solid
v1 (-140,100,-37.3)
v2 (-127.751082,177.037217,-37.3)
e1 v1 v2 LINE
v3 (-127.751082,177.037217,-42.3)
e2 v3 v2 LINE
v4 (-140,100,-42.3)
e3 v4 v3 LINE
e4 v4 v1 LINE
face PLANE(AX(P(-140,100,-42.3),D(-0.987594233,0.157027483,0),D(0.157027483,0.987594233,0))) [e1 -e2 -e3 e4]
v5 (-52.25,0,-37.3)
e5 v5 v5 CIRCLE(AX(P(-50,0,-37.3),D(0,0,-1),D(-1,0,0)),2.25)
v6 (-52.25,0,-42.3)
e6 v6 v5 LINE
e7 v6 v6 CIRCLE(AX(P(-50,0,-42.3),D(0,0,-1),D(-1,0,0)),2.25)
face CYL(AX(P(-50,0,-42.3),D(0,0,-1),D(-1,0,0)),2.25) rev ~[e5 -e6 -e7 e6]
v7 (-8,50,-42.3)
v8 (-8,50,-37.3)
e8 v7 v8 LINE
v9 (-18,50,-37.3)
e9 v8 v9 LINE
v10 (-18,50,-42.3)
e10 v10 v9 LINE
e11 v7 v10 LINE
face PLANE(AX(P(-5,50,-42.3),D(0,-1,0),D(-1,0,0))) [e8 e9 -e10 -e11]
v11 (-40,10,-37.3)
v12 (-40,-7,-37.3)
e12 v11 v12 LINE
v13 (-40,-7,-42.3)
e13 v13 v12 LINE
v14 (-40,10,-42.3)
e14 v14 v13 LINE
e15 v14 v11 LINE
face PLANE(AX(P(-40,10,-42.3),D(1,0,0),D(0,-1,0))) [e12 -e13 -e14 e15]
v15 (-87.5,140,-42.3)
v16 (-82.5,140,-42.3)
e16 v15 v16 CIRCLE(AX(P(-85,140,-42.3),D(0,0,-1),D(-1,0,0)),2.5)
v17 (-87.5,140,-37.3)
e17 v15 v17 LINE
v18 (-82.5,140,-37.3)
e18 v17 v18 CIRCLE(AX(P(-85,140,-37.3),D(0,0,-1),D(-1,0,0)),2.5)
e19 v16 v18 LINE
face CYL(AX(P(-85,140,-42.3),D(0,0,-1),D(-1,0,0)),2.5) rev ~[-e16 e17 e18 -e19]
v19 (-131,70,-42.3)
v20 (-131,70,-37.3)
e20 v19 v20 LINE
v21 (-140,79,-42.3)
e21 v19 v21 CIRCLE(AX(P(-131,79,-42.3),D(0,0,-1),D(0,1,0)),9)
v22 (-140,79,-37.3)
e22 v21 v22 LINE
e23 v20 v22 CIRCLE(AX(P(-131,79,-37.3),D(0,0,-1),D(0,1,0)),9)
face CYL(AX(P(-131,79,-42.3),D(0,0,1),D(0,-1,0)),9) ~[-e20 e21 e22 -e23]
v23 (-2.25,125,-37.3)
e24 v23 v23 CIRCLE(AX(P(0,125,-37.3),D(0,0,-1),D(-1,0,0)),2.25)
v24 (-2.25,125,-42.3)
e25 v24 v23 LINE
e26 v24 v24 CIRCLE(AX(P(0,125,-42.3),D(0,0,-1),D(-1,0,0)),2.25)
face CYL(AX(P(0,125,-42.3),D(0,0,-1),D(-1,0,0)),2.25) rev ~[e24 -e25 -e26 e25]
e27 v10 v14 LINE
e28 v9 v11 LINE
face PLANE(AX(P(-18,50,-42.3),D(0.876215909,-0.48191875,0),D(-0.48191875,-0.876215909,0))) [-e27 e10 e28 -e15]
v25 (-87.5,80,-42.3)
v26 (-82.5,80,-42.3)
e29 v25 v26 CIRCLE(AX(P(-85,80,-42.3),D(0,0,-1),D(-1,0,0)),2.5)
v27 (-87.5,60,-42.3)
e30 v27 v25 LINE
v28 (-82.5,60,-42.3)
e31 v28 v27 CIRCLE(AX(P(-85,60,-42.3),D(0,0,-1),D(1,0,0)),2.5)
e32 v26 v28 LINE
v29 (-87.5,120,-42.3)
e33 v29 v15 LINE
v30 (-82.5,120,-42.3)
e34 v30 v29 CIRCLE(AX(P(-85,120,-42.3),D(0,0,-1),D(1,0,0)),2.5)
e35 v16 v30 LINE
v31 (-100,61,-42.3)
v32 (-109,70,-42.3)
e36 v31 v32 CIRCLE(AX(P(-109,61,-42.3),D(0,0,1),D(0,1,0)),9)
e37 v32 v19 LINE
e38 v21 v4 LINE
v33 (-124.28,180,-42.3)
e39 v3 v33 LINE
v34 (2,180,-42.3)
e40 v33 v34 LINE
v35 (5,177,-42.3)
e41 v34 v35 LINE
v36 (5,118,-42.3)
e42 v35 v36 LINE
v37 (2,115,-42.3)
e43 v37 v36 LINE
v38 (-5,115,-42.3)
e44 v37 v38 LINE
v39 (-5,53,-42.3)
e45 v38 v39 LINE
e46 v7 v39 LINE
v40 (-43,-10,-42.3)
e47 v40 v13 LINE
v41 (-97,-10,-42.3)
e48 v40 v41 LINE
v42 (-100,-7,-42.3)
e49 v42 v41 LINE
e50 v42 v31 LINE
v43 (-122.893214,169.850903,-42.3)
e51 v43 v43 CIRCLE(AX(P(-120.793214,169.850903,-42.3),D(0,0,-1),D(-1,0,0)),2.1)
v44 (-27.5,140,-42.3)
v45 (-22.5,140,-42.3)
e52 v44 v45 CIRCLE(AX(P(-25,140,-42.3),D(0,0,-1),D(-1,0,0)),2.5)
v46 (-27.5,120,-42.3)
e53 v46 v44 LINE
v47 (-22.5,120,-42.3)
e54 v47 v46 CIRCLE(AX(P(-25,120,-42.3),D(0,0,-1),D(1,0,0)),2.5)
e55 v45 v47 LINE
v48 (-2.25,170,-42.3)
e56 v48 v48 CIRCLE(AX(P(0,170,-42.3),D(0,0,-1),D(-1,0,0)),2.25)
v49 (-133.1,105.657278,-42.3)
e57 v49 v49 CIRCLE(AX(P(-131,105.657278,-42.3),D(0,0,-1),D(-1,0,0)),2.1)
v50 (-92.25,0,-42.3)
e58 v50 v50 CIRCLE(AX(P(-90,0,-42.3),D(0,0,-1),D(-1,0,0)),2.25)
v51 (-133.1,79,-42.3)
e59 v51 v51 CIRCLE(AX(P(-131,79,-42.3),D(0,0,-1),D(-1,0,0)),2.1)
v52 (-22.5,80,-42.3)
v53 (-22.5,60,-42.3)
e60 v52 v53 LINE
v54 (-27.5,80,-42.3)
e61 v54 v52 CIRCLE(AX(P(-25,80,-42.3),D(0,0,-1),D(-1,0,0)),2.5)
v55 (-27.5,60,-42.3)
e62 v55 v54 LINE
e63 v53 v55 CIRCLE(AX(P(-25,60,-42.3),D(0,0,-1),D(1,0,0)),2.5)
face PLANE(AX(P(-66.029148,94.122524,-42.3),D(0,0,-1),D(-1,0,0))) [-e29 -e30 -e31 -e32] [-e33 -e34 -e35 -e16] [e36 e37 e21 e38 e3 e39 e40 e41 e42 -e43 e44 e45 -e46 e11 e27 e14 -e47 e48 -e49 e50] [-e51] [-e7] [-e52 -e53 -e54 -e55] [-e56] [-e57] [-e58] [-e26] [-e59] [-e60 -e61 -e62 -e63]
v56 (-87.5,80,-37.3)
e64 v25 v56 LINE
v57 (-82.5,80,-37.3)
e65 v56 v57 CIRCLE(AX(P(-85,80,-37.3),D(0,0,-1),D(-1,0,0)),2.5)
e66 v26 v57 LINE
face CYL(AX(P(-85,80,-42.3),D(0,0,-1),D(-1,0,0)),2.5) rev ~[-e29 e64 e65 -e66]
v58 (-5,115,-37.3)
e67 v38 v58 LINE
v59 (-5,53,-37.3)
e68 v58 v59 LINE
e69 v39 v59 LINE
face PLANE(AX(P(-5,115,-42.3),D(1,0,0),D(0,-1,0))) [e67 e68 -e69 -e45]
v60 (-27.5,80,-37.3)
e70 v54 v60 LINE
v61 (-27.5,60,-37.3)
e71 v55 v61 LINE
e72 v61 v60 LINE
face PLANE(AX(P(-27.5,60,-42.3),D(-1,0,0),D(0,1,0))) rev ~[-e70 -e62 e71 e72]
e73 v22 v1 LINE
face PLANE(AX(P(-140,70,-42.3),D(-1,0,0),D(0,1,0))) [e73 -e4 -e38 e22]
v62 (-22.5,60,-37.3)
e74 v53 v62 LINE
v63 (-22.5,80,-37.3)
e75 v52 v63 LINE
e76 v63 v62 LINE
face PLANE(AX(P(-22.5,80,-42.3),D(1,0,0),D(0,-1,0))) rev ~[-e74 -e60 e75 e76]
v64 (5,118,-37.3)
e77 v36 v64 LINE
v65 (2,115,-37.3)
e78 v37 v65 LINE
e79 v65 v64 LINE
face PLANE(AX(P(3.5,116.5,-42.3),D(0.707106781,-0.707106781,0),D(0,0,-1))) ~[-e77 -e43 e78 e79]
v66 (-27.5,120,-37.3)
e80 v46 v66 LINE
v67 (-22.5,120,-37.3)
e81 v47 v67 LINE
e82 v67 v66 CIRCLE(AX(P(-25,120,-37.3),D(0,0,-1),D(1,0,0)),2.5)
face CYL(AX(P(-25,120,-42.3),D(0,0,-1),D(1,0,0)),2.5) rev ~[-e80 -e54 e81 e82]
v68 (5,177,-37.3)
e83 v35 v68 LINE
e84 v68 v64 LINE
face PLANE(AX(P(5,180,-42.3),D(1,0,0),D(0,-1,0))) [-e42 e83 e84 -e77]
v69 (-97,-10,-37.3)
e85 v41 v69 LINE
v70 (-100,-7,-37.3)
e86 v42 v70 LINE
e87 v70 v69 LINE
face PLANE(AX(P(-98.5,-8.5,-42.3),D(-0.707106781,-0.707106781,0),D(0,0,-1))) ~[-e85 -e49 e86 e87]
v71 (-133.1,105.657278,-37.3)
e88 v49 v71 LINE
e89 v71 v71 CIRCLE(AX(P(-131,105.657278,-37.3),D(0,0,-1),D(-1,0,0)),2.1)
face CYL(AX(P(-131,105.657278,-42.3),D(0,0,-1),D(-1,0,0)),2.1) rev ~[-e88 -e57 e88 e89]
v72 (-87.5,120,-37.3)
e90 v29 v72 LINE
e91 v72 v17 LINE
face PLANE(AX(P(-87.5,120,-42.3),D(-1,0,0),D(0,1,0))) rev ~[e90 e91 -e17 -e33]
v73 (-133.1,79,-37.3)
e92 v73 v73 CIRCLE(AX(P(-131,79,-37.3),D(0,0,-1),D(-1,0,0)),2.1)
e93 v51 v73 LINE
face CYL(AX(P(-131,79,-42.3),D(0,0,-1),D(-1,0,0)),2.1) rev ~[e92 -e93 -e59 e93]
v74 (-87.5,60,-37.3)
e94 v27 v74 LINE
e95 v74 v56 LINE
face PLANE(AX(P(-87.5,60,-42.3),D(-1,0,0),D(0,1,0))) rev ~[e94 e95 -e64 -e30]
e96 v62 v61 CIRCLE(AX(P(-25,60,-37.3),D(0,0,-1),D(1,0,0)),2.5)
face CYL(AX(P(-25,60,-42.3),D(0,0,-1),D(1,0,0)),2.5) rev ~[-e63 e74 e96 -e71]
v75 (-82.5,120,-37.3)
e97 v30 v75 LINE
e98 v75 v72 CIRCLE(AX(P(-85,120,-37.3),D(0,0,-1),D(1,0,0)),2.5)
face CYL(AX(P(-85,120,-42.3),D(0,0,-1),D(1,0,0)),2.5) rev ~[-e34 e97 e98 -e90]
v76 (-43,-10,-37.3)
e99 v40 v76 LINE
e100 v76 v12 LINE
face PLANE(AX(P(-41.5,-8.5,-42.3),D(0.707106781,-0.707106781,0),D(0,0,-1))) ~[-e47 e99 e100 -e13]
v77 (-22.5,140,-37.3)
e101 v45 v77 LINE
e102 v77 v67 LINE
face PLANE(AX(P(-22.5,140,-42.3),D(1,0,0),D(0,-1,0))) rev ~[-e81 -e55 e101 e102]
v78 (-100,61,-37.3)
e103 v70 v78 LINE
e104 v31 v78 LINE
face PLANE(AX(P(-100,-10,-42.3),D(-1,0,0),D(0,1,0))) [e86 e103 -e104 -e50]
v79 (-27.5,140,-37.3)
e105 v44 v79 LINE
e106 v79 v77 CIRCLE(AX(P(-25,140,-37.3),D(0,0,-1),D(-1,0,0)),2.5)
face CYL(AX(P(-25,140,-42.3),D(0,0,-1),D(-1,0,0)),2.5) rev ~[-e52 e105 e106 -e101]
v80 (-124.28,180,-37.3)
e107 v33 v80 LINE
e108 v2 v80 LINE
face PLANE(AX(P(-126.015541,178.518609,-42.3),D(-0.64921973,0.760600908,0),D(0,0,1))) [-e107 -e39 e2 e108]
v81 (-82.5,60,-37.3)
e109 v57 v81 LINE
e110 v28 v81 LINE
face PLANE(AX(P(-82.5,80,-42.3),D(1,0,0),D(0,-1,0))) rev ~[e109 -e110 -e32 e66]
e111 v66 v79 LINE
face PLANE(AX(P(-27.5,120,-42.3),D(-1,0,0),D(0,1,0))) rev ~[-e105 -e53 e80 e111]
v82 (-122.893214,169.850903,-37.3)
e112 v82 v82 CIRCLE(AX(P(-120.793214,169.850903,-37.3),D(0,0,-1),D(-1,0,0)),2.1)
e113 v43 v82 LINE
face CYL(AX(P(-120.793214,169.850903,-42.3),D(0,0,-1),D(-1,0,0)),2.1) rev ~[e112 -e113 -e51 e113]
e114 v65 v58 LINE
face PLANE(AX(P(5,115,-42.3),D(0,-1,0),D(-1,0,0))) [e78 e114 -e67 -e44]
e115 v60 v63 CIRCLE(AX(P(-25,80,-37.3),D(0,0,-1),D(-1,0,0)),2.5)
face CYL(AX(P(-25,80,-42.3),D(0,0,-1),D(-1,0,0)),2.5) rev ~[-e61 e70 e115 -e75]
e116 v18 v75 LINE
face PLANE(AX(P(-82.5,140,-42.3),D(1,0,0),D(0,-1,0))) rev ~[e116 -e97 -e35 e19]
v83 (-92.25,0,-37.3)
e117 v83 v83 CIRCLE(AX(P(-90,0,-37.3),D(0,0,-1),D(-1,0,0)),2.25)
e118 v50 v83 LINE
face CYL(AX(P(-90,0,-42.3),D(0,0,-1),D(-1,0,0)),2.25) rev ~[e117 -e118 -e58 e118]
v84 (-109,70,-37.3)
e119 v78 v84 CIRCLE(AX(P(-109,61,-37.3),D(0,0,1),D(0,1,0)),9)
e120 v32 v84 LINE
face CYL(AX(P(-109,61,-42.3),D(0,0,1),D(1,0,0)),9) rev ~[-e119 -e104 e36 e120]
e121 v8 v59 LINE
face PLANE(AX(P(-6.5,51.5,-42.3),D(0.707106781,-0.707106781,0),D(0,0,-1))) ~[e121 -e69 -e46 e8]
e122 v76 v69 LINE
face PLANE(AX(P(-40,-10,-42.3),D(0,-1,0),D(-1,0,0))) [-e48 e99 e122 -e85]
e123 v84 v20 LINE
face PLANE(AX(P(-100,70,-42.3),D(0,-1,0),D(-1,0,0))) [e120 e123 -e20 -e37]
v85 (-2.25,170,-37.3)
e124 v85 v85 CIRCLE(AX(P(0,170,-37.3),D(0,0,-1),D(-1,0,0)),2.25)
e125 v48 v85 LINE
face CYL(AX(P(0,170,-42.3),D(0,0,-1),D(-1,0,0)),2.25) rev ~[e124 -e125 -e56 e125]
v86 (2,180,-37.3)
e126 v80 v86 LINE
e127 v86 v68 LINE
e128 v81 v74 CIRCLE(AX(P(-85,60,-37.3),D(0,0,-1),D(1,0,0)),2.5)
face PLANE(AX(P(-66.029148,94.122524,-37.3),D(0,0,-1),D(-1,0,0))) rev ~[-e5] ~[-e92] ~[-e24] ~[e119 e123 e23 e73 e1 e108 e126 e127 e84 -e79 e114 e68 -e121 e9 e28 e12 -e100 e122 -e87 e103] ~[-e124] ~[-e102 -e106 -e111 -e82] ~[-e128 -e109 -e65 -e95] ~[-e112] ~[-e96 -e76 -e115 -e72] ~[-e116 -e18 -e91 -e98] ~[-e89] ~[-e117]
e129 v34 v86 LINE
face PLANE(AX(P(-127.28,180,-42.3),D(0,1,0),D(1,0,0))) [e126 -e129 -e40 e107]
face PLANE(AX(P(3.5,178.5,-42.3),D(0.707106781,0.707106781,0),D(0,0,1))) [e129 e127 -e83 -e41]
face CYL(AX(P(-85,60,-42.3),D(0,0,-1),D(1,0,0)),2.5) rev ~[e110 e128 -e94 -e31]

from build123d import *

# Parameters (mm, degrees)
SKETCH039_R             = 2.25
PAD020_DEPTH            = 5
FILLET008_R             = 9
CHAMFER018_SIZE         = 3
SKETCH047_R             = 2.1
POCKET026_DEPTH         = 5.001
BODY013_PLACEMENT_ANGLE = 180


with BuildPart() as part:
    # Sketch039 → Pad020 (new body)
    with BuildSketch(Plane.XY):
        Polygon((100, -10), (100, 70), (140, 70), (140, 100), (127.28, 180), (-5, 180), (-5, 115), (5, 115), (5, 50), (18, 50), (40, 10), (40, -10), align=None)
        with Locations((90, 0)):
            Circle(SKETCH039_R, mode=Mode.SUBTRACT)
        with Locations((50, 0)):
            Circle(SKETCH039_R, mode=Mode.SUBTRACT)
        with Locations((0, 125)):
            Circle(SKETCH039_R, mode=Mode.SUBTRACT)
        with Locations((0, 170)):
            Circle(SKETCH039_R, mode=Mode.SUBTRACT)
    extrude(amount=-PAD020_DEPTH)

    # Fillet008
    fillet008_edges = [part.edges().sort_by_distance(p)[0] for p in [
        (100, 70, -2.5),
        (140, 70, -2.5),
    ]]
    fillet(fillet008_edges, radius=FILLET008_R)

    # Chamfer018
    chamfer018_edges = [part.edges().sort_by_distance(p)[0] for p in [
        (-5, 115, -2.5),
        (5, 50, -2.5),
        (-5, 180, -2.5),
        (127.28, 180, -2.5),
        (100, -10, -2.5),
        (40, -10, -2.5),
    ]]
    chamfer(chamfer018_edges, length=CHAMFER018_SIZE)

    # Sketch047 (on Face2 of Chamfer018) → Pocket026 (cut, through all)
    with BuildSketch(Plane.XY):
        with Locations((120.793214, 169.850903)):
            Circle(SKETCH047_R)
        with Locations((131, 79)):
            Circle(SKETCH047_R)
        with Locations((131, 105.657278)):
            Circle(SKETCH047_R)
        with BuildLine():
            ThreePointArc((27.5, 80), (25, 82.5), (22.5, 80))
            Line((22.5, 80), (22.5, 60))
            ThreePointArc((22.5, 60), (25, 57.5), (27.5, 60))
            Line((27.5, 60), (27.5, 80))
        make_face()
        with BuildLine():
            ThreePointArc((87.5, 80), (85, 82.5), (82.5, 80))
            Line((82.5, 80), (82.5, 60))
            ThreePointArc((82.5, 60), (85, 57.5), (87.5, 60))
            Line((87.5, 60), (87.5, 80))
        make_face()
        with BuildLine():
            ThreePointArc((27.5, 140), (25, 142.5), (22.5, 140))
            Line((22.5, 140), (22.5, 120))
            ThreePointArc((22.5, 120), (25, 117.5), (27.5, 120))
            Line((27.5, 120), (27.5, 140))
        make_face()
        with BuildLine():
            ThreePointArc((87.5, 140), (85, 142.5), (82.5, 140))
            Line((82.5, 140), (82.5, 120))
            ThreePointArc((82.5, 120), (85, 117.5), (87.5, 120))
            Line((87.5, 120), (87.5, 140))
        make_face()
    extrude(amount=-POCKET026_DEPTH, mode=Mode.SUBTRACT)


with BuildPart() as part_1:
    # Body013 placement: moved
    add(part.part.moved(Location((0, 0, -42.3))).rotate(Axis((0, 0, -42.3), (0, 1, 0)), BODY013_PLACEMENT_ANGLE))


solid = part_1.part
